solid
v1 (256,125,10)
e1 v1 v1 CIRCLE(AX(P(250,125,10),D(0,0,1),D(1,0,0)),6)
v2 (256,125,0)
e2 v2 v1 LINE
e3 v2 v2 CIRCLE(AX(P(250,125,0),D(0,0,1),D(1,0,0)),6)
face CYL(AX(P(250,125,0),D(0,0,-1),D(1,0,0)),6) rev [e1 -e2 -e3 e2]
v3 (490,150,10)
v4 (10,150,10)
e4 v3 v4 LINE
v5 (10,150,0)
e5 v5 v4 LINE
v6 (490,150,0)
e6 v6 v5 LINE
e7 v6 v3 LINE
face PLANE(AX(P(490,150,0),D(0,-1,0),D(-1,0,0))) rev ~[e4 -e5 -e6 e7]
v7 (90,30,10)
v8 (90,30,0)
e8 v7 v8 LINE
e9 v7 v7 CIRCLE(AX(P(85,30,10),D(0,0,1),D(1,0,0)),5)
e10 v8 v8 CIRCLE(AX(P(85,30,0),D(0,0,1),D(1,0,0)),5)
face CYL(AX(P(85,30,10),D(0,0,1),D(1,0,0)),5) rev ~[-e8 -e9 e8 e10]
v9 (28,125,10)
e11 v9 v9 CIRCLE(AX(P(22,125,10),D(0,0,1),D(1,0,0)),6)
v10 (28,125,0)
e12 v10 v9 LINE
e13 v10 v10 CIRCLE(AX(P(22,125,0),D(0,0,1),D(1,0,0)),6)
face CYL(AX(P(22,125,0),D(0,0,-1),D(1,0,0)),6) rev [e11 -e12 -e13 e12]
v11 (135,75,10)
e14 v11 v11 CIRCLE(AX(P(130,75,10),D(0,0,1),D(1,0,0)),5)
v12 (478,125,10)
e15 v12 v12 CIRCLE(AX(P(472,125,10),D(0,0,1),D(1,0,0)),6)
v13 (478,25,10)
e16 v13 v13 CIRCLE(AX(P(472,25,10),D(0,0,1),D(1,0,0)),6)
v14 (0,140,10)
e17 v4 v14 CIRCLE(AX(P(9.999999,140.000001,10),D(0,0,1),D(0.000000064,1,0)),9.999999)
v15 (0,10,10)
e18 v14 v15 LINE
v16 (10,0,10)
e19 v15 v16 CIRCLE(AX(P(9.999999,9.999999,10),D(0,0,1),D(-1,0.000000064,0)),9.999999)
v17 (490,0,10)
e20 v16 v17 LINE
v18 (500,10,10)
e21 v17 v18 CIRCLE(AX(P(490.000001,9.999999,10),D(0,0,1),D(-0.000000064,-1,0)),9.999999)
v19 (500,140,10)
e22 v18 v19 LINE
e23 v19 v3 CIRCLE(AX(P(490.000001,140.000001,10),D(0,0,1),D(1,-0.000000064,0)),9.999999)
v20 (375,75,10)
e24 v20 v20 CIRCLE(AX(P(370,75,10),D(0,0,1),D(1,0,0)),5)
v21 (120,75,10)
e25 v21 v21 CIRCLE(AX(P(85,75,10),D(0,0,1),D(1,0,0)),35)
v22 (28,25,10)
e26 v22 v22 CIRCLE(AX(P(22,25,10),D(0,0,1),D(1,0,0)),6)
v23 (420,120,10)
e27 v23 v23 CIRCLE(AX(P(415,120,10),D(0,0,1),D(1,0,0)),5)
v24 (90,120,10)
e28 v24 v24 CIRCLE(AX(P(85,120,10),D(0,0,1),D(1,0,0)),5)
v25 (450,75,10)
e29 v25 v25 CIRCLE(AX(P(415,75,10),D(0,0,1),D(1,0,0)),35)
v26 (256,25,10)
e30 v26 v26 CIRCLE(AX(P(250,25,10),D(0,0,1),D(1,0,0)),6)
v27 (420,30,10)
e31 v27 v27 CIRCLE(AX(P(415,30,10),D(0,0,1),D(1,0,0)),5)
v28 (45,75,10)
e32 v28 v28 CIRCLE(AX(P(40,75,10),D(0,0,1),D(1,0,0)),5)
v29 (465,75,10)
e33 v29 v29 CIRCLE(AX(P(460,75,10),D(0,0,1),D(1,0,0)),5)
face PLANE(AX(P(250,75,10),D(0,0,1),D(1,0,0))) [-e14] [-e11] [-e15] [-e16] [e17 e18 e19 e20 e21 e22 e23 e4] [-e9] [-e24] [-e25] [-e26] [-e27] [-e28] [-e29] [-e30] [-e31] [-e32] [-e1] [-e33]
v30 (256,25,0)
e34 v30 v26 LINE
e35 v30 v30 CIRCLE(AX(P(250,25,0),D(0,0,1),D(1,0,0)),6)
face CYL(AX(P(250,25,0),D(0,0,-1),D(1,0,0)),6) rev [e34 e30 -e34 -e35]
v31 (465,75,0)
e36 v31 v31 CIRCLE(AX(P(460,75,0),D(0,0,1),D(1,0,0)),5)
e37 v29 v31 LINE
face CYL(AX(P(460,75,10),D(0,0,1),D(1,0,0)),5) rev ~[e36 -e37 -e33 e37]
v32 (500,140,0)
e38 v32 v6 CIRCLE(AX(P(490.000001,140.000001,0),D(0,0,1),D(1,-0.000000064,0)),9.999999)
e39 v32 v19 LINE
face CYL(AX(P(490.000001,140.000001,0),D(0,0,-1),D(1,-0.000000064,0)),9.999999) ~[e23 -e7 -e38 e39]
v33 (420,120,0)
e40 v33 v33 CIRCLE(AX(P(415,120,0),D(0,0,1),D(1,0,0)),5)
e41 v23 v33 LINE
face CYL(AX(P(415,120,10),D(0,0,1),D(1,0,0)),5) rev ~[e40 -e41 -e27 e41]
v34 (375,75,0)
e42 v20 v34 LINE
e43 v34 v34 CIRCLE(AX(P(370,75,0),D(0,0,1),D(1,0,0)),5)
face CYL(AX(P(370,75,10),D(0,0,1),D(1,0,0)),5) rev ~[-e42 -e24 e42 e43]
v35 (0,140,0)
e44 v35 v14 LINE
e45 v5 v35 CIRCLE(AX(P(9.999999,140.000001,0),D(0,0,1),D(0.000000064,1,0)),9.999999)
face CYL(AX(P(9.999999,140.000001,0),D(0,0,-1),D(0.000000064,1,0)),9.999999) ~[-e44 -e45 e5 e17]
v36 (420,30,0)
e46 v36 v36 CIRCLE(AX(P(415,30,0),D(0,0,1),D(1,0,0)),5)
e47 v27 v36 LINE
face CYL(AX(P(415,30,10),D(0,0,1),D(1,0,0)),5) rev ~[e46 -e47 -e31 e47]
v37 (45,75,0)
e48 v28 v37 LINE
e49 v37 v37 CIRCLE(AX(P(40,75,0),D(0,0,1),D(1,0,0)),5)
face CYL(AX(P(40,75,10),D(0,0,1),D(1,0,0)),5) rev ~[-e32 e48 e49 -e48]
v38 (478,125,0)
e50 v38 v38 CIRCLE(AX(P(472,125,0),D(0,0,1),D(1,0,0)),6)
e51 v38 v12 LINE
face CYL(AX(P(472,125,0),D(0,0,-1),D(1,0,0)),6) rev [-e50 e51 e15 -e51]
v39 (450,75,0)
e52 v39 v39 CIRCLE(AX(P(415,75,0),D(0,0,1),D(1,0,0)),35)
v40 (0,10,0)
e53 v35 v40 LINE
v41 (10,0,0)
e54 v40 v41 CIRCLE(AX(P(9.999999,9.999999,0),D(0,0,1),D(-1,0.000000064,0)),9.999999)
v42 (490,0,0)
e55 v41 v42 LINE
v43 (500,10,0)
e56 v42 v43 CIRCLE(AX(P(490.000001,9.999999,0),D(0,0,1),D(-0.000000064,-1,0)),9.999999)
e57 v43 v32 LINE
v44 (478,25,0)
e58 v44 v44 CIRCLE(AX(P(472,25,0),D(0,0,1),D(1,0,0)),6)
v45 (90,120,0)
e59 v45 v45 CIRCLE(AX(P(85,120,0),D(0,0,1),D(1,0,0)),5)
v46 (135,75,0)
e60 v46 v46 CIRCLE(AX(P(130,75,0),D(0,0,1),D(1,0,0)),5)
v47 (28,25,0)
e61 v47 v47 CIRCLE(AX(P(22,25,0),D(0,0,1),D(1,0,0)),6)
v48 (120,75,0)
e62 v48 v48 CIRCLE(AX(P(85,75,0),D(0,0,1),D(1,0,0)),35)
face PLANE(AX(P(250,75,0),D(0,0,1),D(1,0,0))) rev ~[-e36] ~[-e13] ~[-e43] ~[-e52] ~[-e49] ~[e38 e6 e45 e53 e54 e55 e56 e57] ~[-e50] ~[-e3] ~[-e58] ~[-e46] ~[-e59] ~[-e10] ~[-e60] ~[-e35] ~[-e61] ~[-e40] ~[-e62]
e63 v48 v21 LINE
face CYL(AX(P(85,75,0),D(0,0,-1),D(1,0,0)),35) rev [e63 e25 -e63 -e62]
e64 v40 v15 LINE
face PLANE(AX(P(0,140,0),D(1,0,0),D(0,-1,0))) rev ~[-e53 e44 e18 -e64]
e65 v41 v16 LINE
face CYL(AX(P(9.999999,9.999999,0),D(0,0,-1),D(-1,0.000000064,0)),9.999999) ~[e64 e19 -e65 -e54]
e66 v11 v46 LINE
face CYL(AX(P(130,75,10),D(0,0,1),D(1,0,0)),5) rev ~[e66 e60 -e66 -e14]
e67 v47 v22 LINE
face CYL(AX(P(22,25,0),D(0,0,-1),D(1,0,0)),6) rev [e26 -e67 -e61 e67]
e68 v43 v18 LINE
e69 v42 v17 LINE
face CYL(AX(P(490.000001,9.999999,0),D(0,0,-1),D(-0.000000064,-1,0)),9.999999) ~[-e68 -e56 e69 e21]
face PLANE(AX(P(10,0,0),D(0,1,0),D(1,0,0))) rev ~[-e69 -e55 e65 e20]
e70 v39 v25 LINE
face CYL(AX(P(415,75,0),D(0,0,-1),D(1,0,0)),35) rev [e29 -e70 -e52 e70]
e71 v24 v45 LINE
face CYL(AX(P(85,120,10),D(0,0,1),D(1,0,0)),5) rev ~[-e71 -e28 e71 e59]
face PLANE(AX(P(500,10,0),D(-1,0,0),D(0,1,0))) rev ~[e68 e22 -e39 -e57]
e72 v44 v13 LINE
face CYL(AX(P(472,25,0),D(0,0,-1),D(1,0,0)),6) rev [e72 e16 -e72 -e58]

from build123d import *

# Parameters (mm, degrees)
F0_R     = 6
F0_R_2   = 35
F1_DEPTH = 10
F2_R     = 5
F3_DEPTH = 25


with BuildPart() as f1:
    # F0 (on Top) → F1 (new body)
    with BuildSketch(Plane.XY):
        with BuildLine():
            ThreePointArc((0, 10), (2.928932, 2.928932), (10, 0))
            Line((10, 0), (65, 0))
            Line((65, 0), (105, 0))
            Line((105, 0), (230, 0))
            Line((230, 0), (270, 0))
            Line((270, 0), (395, 0))
            Line((395, 0), (435, 0))
            Line((435, 0), (490, 0))
            ThreePointArc((490, 0), (497.071068, 2.928932), (500, 10))
            Line((500, 10), (500, 140))
            ThreePointArc((500, 140), (497.071068, 147.071068), (490, 150))
            Line((490, 150), (435, 150))
            Line((435, 150), (395, 150))
            Line((395, 150), (270, 150))
            Line((270, 150), (230, 150))
            Line((230, 150), (105, 150))
            Line((105, 150), (65, 150))
            Line((65, 150), (10, 150))
            ThreePointArc((10, 150), (2.928932, 147.071068), (0, 140))
            Line((0, 140), (0, 10))
        make_face()
        with Locations((22, 25)):
            Circle(F0_R, mode=Mode.SUBTRACT)
        with Locations((250, 25)):
            Circle(F0_R, mode=Mode.SUBTRACT)
        with Locations((472, 25)):
            Circle(F0_R, mode=Mode.SUBTRACT)
        with Locations((85, 75)):
            Circle(F0_R_2, mode=Mode.SUBTRACT)
        with Locations((22, 125)):
            Circle(F0_R, mode=Mode.SUBTRACT)
        with Locations((415, 75)):
            Circle(F0_R_2, mode=Mode.SUBTRACT)
        with Locations((250, 125)):
            Circle(F0_R, mode=Mode.SUBTRACT)
        with Locations((472, 125)):
            Circle(F0_R, mode=Mode.SUBTRACT)
    extrude(amount=F1_DEPTH)

    # F2 (on face) → F3 (cut)
    with BuildSketch(Plane.XY.offset(10)):
        with Locations((85, 120)):
            Circle(F2_R)
        with Locations((415, 120)):
            Circle(F2_R)
        with Locations((40, 75)):
            Circle(F2_R)
        with Locations((85, 30)):
            Circle(F2_R)
        with Locations((130, 75)):
            Circle(F2_R)
        with Locations((370, 75)):
            Circle(F2_R)
        with Locations((415, 30)):
            Circle(F2_R)
        with Locations((460, 75)):
            Circle(F2_R)
    extrude(amount=-F3_DEPTH, mode=Mode.SUBTRACT)


solid = f1.part
